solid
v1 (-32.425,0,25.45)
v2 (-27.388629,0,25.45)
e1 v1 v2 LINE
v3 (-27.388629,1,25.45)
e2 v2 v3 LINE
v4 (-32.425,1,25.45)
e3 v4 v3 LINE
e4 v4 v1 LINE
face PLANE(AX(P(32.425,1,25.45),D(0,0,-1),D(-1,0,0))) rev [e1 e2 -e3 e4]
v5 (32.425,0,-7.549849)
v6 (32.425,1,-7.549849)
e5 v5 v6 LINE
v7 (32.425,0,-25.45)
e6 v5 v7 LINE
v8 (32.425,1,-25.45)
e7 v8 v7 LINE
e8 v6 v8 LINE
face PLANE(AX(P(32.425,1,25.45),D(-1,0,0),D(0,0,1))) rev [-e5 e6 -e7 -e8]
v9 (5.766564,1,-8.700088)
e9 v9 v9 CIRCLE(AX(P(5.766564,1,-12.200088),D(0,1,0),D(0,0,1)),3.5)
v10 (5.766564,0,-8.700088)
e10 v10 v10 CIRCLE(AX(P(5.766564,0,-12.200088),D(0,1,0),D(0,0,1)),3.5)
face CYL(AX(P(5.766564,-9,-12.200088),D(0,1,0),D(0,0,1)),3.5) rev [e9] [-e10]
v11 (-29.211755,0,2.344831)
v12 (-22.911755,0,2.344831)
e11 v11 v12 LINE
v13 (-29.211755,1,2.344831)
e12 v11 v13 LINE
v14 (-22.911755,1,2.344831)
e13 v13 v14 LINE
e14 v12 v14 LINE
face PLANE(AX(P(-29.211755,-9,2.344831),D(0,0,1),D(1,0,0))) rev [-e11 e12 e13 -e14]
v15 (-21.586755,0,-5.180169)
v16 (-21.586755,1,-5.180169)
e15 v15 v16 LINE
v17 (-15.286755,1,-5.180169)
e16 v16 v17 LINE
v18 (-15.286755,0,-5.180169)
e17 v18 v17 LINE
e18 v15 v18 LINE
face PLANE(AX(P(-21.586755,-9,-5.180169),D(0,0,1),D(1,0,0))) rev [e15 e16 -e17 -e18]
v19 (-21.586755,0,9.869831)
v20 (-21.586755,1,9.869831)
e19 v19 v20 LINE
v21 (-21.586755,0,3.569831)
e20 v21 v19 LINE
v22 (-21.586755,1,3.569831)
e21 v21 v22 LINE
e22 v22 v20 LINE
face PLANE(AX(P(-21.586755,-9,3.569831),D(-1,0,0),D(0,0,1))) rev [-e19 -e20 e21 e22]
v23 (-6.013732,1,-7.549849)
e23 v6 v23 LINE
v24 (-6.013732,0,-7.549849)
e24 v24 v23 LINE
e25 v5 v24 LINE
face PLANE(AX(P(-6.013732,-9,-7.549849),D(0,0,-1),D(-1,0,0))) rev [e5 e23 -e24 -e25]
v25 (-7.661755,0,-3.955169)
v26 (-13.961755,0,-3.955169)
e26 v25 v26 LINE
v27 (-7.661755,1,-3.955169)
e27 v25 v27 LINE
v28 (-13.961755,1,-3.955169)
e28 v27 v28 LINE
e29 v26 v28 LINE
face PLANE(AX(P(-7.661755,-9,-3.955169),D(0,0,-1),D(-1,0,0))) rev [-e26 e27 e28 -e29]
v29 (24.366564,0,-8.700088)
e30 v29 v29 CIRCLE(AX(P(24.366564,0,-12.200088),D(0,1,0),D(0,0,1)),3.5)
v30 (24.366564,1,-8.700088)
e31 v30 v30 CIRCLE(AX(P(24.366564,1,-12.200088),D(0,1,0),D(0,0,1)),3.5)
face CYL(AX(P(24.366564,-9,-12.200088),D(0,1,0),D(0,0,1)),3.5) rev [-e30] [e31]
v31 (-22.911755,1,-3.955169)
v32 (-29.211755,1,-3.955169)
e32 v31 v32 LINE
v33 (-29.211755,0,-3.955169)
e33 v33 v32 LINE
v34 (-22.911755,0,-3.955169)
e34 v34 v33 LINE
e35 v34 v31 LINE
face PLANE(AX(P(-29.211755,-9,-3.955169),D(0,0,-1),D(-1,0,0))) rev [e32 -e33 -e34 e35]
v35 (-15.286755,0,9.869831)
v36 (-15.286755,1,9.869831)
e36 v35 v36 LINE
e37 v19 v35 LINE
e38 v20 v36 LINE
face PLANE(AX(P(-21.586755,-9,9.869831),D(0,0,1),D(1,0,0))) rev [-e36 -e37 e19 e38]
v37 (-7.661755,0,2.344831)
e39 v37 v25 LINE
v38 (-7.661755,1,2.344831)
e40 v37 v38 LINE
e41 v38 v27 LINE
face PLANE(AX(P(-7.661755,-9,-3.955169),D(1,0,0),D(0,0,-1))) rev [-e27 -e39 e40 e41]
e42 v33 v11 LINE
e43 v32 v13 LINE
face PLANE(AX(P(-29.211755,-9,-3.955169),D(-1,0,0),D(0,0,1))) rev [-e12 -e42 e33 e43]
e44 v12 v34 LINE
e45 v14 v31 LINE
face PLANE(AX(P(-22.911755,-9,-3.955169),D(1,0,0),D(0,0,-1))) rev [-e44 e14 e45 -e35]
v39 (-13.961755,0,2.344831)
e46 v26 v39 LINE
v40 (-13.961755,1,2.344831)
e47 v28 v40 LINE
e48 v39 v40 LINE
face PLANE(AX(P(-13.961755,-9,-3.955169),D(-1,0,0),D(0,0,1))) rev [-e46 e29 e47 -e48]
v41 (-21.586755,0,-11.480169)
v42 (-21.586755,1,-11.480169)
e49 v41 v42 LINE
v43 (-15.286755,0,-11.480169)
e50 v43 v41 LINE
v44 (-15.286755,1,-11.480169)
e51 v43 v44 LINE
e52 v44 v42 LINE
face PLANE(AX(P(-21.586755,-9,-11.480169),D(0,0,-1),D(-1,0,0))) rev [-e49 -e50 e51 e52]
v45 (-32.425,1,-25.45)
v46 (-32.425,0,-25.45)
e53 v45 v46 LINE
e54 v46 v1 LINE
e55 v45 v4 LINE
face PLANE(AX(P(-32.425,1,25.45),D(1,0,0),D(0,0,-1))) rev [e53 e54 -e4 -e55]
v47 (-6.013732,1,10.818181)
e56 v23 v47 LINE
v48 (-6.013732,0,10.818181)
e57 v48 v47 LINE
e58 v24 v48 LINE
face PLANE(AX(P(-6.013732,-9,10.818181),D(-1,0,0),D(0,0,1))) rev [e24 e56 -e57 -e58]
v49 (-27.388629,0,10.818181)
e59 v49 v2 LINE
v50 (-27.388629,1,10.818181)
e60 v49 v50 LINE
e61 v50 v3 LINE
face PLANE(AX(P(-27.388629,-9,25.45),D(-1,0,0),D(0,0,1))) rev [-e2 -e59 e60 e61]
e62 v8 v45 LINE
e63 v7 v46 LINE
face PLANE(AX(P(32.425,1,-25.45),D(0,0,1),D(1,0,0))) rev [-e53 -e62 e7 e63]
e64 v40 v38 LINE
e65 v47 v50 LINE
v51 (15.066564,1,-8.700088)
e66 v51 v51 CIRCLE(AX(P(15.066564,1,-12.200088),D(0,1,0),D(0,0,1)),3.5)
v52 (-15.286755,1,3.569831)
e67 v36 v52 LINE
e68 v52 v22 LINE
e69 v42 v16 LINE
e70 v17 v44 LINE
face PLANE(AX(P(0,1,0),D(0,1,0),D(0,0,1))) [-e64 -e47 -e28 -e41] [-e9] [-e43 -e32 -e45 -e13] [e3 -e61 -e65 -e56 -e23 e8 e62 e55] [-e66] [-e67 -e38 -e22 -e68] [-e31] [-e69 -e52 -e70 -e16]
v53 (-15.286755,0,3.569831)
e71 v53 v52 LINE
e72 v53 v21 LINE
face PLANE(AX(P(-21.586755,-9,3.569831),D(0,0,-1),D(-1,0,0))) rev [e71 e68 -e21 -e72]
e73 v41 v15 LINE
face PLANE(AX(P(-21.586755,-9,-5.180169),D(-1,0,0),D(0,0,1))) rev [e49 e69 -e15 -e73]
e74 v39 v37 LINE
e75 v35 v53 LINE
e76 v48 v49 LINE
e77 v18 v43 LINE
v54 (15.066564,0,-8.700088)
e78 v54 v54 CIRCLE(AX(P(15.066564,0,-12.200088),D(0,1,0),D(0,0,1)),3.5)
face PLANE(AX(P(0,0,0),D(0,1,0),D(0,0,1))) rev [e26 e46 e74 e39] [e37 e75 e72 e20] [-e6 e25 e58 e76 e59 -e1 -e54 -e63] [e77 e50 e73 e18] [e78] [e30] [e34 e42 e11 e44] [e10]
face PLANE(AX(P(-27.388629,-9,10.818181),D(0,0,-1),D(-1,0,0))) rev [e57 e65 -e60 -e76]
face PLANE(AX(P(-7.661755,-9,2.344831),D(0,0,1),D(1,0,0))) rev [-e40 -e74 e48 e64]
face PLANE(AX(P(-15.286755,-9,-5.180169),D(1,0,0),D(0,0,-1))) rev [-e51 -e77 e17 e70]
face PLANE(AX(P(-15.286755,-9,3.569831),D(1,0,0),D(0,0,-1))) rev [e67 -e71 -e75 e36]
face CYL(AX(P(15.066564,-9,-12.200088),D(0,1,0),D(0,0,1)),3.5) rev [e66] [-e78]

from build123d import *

# Parameters (mm, degrees)
SKETCH1_W           = 64.85
SKETCH1_H           = 50.9
BOSS_EXTRUDE1_DEPTH = 1
SKETCH2_W           = 6.3
SKETCH2_H           = 6.3
SKETCH2_R           = 2.25
CUT_EXTRUDE1_DEPTH  = 10
SKETCH3_R           = 3.5
CUT_EXTRUDE2_DEPTH  = 10
CUT_EXTRUDE3_DEPTH  = 10


with BuildPart() as part:
    # Sketch1 → Boss-Extrude1 (new body)
    with BuildSketch(Plane(origin=(0, 0, 0), x_dir=(1, 0, 0), z_dir=(0, 1, 0))):
        Rectangle(SKETCH1_W, SKETCH1_H)
    extrude(amount=BOSS_EXTRUDE1_DEPTH)

    # Sketch2 → Cut-Extrude1 (cut)
    # profile 1 of 4: a face of its own
    with BuildSketch(Plane(origin=(0, 1, 0), x_dir=(1, 0, 0), z_dir=(0, 1, 0))):
        with Locations((-26.061755396, 0.805169379)):
            Rectangle(SKETCH2_W, SKETCH2_H)
        with Locations((-26.061755396, 0.805169379)):
            Circle(SKETCH2_R, mode=Mode.SUBTRACT)
    # profile 2 of 4: a face of its own
    with BuildSketch(Plane(origin=(0, 1, 0), x_dir=(1, 0, 0), z_dir=(0, 1, 0))):
        with Locations((-10.811755396, 0.805169379)):
            Rectangle(SKETCH2_W, SKETCH2_H)
        with Locations((-10.811755396, 0.805169379)):
            Circle(SKETCH2_R, mode=Mode.SUBTRACT)
    # profile 3 of 4: a face of its own
    with BuildSketch(Plane(origin=(0, 1, 0), x_dir=(1, 0, 0), z_dir=(0, 1, 0))):
        with Locations((-18.436755396, 8.330169379)):
            Rectangle(SKETCH2_W, SKETCH2_H)
        with Locations((-18.436755396, 8.330169379)):
            Circle(SKETCH2_R, mode=Mode.SUBTRACT)
    # profile 4 of 4: a face of its own
    with BuildSketch(Plane(origin=(0, 1, 0), x_dir=(1, 0, 0), z_dir=(0, 1, 0))):
        with Locations((-18.436755396, -6.719830621)):
            Rectangle(SKETCH2_W, SKETCH2_H)
        with Locations((-18.436755396, -6.719830621)):
            Circle(SKETCH2_R, mode=Mode.SUBTRACT)
    extrude(amount=-CUT_EXTRUDE1_DEPTH, mode=Mode.SUBTRACT)


with BuildPart() as cut_extrude1_kept_piece:
    # of the separate pieces the step leaves, the one the design keeps (cut_extrude1_pieces_kept)
    add(part.part.solids().sort_by_distance((32.425, 0, 25.45))[0])

    # Sketch3 → Cut-Extrude2 (cut)
    with BuildSketch(Plane(origin=(0, 1, 0), x_dir=(1, 0, 0), z_dir=(0, 1, 0))):
        with Locations(Location((5.766564163, 12.20008786, 0), (0, 0, 270))):
            Circle(SKETCH3_R)
        with Locations(Location((15.066564163, 12.20008786, 0), (0, 0, 270))):
            Circle(SKETCH3_R)
        with Locations(Location((24.366564163, 12.20008786, 0), (0, 0, 270))):
            Circle(SKETCH3_R)
    extrude(amount=-CUT_EXTRUDE2_DEPTH, mode=Mode.SUBTRACT)

    # Sketch6 → Cut-Extrude3 (cut)
    with BuildSketch(Plane(origin=(0, 1, 0), x_dir=(1, 0, 0), z_dir=(0, 1, 0))):
        Polygon((-6.013732281, -10.818181441), (-6.013732281, 7.549848679), (32.425, 7.549848679), (32.425, -25.45), (-27.388628542, -25.45), (-27.388628542, -10.818181441), align=None)
    extrude(amount=-CUT_EXTRUDE3_DEPTH, mode=Mode.SUBTRACT)


solid = cut_extrude1_kept_piece.part
